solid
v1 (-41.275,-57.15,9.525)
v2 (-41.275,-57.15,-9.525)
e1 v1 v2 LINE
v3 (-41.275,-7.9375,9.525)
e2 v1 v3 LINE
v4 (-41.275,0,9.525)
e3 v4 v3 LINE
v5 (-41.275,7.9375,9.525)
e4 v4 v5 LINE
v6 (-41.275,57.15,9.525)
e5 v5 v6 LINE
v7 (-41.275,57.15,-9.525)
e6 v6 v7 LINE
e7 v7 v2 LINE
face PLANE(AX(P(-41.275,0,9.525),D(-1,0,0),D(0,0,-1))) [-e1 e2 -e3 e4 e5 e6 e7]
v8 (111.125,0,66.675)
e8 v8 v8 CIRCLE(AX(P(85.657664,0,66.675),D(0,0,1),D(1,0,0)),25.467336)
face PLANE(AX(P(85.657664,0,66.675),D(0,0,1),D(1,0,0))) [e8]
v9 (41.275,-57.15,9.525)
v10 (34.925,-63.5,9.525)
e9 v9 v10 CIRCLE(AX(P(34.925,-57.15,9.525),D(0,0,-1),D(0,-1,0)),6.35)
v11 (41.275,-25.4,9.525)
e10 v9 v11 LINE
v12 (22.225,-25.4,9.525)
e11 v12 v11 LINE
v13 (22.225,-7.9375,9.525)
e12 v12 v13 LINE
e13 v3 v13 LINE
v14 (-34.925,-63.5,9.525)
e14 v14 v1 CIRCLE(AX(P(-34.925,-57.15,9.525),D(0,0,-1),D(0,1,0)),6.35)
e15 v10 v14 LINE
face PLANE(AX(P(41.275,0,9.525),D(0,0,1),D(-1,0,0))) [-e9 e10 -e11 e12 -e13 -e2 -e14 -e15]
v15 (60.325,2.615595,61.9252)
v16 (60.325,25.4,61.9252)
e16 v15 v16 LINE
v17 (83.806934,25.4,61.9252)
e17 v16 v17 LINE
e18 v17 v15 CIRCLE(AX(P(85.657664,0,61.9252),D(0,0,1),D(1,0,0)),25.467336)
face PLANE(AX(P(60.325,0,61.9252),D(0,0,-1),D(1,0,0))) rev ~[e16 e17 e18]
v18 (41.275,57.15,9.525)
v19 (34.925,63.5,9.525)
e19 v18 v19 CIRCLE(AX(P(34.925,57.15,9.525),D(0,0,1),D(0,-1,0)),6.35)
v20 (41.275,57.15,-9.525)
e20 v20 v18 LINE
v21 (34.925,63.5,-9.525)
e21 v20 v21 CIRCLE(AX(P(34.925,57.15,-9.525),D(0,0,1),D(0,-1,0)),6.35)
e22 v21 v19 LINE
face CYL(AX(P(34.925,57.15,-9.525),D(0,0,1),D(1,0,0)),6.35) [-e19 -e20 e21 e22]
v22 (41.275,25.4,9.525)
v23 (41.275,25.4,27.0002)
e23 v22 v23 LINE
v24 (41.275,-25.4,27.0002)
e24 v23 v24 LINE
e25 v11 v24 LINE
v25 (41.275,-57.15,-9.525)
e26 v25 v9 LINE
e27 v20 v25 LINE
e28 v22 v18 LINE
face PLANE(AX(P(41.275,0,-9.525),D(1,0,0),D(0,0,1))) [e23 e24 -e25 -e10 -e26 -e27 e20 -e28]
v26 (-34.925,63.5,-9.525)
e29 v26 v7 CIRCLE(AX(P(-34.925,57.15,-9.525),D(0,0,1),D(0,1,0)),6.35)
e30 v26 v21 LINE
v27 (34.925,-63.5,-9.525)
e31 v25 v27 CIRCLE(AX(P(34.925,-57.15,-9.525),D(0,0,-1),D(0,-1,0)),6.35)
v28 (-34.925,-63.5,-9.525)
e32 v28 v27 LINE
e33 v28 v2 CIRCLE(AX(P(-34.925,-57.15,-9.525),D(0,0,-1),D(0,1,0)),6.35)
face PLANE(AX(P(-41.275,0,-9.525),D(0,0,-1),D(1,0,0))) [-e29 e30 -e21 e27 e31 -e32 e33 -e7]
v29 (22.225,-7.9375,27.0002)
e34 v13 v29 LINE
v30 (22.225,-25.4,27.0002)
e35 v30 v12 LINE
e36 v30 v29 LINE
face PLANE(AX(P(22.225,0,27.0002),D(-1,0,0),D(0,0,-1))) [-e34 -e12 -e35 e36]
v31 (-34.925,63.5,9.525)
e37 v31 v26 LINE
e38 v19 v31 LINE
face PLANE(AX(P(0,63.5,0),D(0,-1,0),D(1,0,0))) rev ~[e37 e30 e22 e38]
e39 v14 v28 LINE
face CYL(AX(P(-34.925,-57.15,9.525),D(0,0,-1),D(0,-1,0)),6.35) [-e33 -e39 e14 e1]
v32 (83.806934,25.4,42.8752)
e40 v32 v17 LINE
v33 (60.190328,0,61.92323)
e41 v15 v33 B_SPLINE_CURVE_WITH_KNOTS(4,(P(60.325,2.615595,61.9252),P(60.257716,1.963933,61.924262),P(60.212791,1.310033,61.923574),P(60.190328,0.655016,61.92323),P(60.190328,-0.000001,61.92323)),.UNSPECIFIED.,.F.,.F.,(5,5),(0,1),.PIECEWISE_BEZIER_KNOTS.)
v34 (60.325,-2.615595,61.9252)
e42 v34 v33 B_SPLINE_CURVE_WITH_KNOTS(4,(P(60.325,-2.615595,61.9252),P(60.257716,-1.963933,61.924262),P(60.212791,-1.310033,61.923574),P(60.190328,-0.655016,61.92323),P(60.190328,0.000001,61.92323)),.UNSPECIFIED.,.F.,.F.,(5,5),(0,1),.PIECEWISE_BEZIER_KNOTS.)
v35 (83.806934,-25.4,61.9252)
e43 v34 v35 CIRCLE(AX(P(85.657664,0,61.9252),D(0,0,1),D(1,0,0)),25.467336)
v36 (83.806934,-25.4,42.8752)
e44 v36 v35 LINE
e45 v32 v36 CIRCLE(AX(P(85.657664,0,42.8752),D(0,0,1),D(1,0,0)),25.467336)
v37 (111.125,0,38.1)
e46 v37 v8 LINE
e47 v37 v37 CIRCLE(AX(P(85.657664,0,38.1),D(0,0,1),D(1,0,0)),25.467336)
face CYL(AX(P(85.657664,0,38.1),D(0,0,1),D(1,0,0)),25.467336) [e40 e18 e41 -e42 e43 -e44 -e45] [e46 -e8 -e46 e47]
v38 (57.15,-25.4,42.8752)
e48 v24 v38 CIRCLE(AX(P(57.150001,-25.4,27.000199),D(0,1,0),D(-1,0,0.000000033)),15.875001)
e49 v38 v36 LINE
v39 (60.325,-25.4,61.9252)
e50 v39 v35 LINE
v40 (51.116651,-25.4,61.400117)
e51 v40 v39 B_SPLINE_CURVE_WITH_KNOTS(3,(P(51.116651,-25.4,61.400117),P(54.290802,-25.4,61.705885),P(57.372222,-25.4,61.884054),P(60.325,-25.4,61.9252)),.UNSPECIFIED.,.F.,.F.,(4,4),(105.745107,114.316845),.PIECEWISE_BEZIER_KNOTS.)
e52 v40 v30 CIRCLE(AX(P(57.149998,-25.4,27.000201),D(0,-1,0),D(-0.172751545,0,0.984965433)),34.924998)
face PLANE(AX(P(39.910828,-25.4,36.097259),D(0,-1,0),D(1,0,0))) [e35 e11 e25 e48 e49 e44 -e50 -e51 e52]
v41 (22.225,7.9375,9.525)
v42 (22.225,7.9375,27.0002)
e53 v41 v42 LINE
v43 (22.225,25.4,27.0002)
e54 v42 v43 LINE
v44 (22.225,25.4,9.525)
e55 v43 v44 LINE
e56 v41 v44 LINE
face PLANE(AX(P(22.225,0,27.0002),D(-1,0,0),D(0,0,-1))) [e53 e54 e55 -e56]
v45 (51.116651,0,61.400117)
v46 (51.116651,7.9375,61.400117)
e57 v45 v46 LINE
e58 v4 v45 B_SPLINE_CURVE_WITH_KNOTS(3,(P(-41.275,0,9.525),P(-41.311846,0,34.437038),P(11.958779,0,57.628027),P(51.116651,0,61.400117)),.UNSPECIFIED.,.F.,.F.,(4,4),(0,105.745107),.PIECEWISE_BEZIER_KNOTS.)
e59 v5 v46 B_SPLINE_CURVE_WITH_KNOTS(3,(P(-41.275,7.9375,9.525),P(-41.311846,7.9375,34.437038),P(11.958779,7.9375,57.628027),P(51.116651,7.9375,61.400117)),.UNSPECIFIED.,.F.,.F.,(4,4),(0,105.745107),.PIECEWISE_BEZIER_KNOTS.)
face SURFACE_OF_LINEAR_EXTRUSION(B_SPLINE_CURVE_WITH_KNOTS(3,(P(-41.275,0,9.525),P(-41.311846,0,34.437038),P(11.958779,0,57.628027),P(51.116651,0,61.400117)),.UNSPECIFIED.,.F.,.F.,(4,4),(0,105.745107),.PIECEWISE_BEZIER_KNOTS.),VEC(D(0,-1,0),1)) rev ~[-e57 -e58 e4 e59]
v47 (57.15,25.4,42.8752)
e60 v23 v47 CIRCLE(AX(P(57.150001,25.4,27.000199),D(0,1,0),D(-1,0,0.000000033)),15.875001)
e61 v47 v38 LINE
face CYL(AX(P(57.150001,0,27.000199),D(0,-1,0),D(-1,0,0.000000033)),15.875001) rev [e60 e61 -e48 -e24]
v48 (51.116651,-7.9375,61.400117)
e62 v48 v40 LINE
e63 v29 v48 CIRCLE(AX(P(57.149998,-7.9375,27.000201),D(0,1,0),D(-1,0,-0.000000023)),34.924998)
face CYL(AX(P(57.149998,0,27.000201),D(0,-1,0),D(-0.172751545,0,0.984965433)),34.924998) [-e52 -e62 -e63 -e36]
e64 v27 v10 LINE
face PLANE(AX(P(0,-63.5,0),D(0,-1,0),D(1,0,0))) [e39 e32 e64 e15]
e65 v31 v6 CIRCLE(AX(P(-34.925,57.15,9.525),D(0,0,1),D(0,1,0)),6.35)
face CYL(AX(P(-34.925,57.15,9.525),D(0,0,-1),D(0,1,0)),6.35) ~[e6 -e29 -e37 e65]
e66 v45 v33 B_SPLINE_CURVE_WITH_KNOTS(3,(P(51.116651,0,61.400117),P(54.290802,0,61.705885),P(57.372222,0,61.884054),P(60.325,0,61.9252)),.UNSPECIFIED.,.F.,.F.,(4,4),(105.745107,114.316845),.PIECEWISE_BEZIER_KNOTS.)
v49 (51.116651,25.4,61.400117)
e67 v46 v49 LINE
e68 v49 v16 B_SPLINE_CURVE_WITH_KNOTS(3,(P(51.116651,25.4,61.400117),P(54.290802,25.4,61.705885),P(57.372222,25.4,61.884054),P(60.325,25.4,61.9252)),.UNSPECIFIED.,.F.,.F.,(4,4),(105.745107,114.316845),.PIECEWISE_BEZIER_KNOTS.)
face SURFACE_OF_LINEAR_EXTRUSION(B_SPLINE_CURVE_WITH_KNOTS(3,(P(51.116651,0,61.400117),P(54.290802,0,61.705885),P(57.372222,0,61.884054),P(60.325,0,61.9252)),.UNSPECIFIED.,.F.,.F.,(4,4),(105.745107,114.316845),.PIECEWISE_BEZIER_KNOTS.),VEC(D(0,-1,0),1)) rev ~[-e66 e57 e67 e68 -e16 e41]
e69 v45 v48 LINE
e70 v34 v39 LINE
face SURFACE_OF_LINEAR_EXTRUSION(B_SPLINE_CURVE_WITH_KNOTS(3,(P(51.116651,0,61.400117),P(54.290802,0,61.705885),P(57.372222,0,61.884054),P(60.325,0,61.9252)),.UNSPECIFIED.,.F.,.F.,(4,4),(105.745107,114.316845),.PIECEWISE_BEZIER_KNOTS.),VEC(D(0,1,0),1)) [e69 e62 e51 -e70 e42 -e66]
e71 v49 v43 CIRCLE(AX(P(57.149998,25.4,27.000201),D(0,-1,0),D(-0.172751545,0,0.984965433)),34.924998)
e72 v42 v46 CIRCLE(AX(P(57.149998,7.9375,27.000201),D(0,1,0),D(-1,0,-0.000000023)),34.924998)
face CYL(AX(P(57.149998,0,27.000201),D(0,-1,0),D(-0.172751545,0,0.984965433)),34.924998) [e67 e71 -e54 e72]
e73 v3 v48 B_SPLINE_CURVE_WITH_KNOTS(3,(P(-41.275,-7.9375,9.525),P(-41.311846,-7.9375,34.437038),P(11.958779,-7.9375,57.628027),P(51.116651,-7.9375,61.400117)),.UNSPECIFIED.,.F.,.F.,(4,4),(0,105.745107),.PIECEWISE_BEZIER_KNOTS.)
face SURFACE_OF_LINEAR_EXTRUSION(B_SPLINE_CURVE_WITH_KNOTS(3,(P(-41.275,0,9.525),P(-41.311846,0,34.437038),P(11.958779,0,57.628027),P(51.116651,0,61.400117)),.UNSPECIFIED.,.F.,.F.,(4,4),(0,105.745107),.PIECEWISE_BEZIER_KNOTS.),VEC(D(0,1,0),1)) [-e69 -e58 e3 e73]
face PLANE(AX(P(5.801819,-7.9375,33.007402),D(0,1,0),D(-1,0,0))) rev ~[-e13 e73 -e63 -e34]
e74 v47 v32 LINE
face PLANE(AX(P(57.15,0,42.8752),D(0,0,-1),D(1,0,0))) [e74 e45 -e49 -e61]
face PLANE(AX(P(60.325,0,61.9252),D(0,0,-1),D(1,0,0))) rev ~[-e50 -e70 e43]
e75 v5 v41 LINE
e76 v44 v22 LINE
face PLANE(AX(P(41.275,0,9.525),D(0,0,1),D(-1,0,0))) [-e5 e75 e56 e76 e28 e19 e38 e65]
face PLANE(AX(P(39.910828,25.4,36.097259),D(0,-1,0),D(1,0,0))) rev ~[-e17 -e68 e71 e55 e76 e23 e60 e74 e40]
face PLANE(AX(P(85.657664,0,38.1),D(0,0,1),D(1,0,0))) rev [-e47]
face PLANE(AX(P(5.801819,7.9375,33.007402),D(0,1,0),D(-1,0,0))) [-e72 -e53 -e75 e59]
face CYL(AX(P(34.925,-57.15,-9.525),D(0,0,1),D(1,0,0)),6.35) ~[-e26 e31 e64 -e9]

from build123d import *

# Parameters (mm, degrees)
F1_DEPTH = 63.5
F0_W     = 25.332664
F0_H     = 19.05
F2_DEPTH = 25.4
F3_DEPTH = 7.9375
F5_R     = 6.35


with BuildPart() as f1:
    # F0 (on Front) → F1 (new body, symmetric)
    with BuildSketch(Plane.XZ):
        Polygon((-41.275, 9.525), (-41.275, -9.525), (41.275, -9.525), (41.275, 9.525), (22.225, 9.525), align=None)
    extrude(amount=F1_DEPTH, both=True)

    # F0 (on Front) → F2 (join, symmetric)
    with BuildSketch(Plane.XZ):
        with BuildLine():
            Line((22.225, 9.525), (41.275, 9.525))
            Line((41.275, 9.525), (41.275, 27.0002))
            ThreePointArc((41.275, 27.0002), (45.92468, 38.22552), (57.15, 42.8752))
            Line((57.15, 42.8752), (60.325, 42.8752))
            Line((60.325, 42.8752), (60.325, 61.9252))
            add(Edge.make_bspline(
                [(51.116651, 61.400117), (54.290802, 61.705885), (57.372222, 61.884054), (60.325, 61.9252)],
                knots=[105.745107, 105.745107, 105.745107, 105.745107, 114.316845, 114.316845, 114.316845, 114.316845], degree=3))
            ThreePointArc((51.116651, 61.400117), (30.406119, 49.461733), (22.225, 27.0002))
            Line((22.225, 27.0002), (22.225, 9.525))
        make_face()
        with Locations((72.991332, 52.4002)):
            Rectangle(F0_W, F0_H)
    extrude(amount=F2_DEPTH, both=True)

    # F0 (on Front) → F3 (join, symmetric)
    with BuildSketch(Plane.XZ):
        with BuildLine():
            add(Edge.make_bspline(
                [(-41.275, 9.525), (-41.311846, 34.437038), (11.958779, 57.628027), (51.116651, 61.400117)],
                knots=[0, 0, 0, 0, 105.745107, 105.745107, 105.745107, 105.745107], degree=3))
            Line((-41.275, 9.525), (22.225, 9.525))
            Line((22.225, 9.525), (22.225, 27.0002))
            ThreePointArc((22.225, 27.0002), (30.406119, 49.461733), (51.116651, 61.400117))
        make_face()
    extrude(amount=F3_DEPTH, both=True)

    # F0 (on Front) → F4 (revolve)
    with BuildSketch(Plane.XZ):
        Polygon((85.657664, 66.675), (85.657664, 61.9252), (85.657664, 42.8752), (85.657664, 38.1), (111.125, 38.1), (111.125, 66.675), align=None)
    revolve(axis=Axis((85.657664, 0, 52.3875), (0, 0, 1)))

    # F5
    f5_edges = [f1.edges().sort_by_distance(p)[0] for p in [
        (-41.275, -63.5, 0),
        (41.275, -63.5, 0),
        (41.275, 63.5, 0),
        (-41.275, 63.5, 0),
    ]]
    fillet(f5_edges, radius=F5_R)


solid = f1.part
